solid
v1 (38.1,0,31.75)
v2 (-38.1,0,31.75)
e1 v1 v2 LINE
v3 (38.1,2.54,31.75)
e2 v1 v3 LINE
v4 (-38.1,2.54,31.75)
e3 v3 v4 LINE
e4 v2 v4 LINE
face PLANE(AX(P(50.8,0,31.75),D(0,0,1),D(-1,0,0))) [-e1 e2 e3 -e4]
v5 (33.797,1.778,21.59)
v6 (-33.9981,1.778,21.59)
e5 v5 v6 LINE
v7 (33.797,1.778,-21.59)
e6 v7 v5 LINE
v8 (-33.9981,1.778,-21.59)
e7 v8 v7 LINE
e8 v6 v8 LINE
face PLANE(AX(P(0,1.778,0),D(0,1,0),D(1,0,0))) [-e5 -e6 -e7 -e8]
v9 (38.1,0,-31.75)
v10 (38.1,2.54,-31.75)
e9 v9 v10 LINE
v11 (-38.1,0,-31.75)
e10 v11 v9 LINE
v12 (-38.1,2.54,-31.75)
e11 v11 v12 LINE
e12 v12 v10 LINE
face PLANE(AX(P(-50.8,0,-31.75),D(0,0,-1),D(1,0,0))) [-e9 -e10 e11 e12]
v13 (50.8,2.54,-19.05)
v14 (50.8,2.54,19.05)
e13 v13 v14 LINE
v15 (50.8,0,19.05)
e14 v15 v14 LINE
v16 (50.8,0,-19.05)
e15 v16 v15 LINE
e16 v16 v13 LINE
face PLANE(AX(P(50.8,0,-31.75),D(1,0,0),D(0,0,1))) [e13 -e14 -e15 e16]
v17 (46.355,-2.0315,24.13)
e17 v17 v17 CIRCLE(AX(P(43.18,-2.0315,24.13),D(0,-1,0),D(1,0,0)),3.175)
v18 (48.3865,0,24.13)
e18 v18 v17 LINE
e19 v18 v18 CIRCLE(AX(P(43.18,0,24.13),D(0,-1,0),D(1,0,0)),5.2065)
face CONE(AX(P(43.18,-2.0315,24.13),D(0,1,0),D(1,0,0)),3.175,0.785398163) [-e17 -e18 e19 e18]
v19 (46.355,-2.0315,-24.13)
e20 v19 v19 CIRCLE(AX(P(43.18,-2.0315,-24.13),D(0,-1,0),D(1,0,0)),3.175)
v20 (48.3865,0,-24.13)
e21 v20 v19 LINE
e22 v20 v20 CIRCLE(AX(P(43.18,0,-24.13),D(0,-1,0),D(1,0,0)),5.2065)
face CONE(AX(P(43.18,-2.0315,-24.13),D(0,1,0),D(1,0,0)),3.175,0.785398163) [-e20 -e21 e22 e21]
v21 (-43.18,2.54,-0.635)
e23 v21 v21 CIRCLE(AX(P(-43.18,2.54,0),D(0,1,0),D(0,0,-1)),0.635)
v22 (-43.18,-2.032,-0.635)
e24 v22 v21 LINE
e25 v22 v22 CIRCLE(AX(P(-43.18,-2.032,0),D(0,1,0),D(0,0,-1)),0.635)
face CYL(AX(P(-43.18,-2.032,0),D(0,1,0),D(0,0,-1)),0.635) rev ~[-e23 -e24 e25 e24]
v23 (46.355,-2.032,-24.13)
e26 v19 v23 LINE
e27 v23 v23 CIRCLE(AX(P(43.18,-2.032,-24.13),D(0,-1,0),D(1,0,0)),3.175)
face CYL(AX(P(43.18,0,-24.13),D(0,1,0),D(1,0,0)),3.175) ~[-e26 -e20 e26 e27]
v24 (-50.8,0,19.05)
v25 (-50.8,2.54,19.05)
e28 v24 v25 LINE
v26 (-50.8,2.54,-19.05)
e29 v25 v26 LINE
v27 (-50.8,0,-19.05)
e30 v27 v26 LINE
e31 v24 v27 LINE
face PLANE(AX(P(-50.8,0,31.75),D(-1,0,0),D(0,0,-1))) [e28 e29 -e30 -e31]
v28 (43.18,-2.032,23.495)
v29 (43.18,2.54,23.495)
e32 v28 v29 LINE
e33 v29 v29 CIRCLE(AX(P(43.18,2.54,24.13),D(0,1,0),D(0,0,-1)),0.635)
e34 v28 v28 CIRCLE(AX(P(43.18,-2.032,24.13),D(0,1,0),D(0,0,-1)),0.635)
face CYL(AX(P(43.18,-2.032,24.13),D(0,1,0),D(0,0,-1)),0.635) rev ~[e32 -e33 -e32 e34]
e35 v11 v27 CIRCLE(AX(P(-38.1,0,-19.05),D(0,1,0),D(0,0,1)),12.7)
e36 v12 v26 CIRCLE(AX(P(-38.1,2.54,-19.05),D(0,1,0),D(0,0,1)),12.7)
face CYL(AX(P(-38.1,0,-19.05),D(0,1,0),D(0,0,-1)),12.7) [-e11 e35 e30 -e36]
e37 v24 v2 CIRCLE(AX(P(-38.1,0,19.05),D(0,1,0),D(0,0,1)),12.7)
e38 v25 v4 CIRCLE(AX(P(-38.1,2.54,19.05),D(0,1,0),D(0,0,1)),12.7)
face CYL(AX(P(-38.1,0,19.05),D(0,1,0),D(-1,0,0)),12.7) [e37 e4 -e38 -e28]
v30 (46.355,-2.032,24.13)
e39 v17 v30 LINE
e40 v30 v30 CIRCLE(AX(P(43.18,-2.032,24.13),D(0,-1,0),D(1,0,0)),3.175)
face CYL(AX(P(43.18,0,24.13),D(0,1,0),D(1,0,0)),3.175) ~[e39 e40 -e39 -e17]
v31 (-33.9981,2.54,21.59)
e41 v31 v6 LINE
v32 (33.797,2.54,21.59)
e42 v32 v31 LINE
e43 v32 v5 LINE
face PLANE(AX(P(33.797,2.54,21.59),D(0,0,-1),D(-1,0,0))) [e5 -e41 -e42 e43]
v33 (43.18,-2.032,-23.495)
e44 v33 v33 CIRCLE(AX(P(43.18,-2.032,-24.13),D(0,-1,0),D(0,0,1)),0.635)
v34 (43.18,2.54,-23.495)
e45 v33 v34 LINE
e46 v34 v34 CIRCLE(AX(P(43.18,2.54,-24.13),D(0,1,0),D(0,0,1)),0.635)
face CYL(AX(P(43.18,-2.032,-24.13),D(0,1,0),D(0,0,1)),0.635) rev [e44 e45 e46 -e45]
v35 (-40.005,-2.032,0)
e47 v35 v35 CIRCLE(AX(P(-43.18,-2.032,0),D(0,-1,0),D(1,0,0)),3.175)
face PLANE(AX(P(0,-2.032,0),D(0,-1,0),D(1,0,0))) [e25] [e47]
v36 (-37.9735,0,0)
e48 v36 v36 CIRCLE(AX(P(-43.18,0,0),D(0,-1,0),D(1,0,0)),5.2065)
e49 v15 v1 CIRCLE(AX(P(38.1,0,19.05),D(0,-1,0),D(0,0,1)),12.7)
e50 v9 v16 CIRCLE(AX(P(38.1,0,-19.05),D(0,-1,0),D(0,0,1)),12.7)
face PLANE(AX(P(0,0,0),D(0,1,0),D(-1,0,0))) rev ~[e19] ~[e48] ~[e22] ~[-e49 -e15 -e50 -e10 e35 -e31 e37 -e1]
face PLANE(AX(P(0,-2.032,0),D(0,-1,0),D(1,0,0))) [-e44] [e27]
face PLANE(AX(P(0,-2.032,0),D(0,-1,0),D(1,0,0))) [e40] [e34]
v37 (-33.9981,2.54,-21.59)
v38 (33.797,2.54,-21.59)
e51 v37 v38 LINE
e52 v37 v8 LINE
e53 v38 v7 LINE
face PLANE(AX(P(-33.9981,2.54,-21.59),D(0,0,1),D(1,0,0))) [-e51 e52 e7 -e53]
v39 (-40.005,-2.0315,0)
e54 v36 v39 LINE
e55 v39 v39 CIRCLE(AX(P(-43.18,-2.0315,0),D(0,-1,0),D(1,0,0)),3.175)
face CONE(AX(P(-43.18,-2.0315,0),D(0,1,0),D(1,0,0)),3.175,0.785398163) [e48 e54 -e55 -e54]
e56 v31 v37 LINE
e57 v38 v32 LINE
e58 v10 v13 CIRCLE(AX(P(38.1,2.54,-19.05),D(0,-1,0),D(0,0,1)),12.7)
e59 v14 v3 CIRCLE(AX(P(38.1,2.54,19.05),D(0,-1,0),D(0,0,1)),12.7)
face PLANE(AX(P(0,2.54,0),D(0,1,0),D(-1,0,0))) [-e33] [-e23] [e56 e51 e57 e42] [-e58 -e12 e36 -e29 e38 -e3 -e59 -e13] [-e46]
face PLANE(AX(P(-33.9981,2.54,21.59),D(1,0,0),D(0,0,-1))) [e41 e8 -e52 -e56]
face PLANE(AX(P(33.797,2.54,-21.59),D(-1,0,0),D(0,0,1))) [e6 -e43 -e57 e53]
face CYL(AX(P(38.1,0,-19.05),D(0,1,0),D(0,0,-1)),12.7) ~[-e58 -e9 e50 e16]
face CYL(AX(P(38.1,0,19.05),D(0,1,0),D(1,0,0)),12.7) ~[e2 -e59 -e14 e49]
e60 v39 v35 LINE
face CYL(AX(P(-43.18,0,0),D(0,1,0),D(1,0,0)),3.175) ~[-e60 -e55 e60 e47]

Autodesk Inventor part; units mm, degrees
ref_plane "YZ Plane" through (0, 0, 0) normal (1, 0, 0) x (0, 1, 0)
ref_plane "XZ Plane" through (0, 0, 0) normal (0, 1, 0) x (-1, 0, 0)
ref_plane "XY Plane" through (0, 0, 0) normal (0, 0, 1) x (1, 0, 0)
sketch "Sketch1" plane through (0, 0, 0) normal (0, 1, 0) x (-1, 0, 0)
  line L0 (50.8, -31.75) -> (-50.8, -31.75)
  line L1 (-50.8, -31.75) -> (-50.8, 31.75)
  line L2 (-50.8, 31.75) -> (50.8, 31.75)
  line L3 (50.8, 31.75) -> (50.8, -31.75)
  line L4 (-57.1863, 0) -> (79.611, 0) construction
  point P0 (0, 0)
  dimension "d0" = 63.5
  dimension "d2" = 101.6
  dimension "d25" = 31.75
  dimension "d36" = 50.8
extrude "Extrusion1" add sketch "Sketch1" along normal blind 2.54
sketch "Sketch2" plane through (0, 0, 0) normal (0, -1, 0) x (1, 0, 0)
  line L0 (-50.8, -31.75) -> (50.8, -31.75) projected
  line L1 (50.8, -31.75) -> (50.8, 31.75) projected
  line L2 (50.8, 31.75) -> (-50.8, 31.75) projected
  line L3 (-50.8, 31.75) -> (-50.8, -31.75) projected
  circle A0 centre (-43.18, 0) radius 3.175
  circle A1 centre (43.18, 24.13) radius 3.175
  circle A2 centre (43.18, -24.13) radius 3.175
  line L4 (43.18, 24.13) -> (43.18, -24.13) construction
  point P0 (0, 0)
  dimension "d5" = 6.35
  dimension "d6" = 7.62
  dimension "d7" = 6.35
  dimension "d8" = 7.62
  dimension "d9" = 7.62
  dimension "d12" = 6.35
  dimension "d13" = 7.62
  dimension "d26" = 31.75
extrude "Extrusion2" add sketch "Sketch2" along normal blind 2.032 contours A0 | A1 | A2
hole "Hole1" at (43.18, -2.032, 24.13) direction (0, 1, 0) diameter 1.27 end through all
mirror "Mirror1" about plane through (0, 0, 0) normal (0, 0, 1) of "Hole1"
sketch "Sketch4" plane through (-43.18, -2.032, 0) normal (0, -1, 0) x (1, 0, 0)
  circle A0 centre (0, 0) radius 3.175 projected
  point P0 (43.18, 0)
hole "Hole2" at (-43.18, -2.032, 0) direction (0, 1, 0) diameter 1.27 end through all
sketch "Sketch5" plane through (0, 2.54, 0) normal (0, 1, 0) x (1, 0, 0)
  line L0 (-33.9981, 21.59) -> (33.797, 21.59)
  line L1 (33.797, 21.59) -> (33.797, -21.59)
  line L2 (33.797, -21.59) -> (-33.9981, -21.59)
  line L3 (-33.9981, -21.59) -> (-33.9981, 21.59)
  point P0 (0, 0)
extrude "Extrusion3" cut sketch "Sketch5" against normal blind 0.762
fillet "Fillet1" radius 12.7 4 edges at (-50.8, 1.27, 31.75) (50.8, 1.27, 31.75) (50.8, 1.27, -31.75) (-50.8, 1.27, -31.75)
chamfer "Chamfer1" distance 2.032 angle 45 3 edges at (40.005, 0, -24.13) (40.005, 0, 24.13) (-46.355, 0, 0)
equation "\"d6\" = d13"
equation "\"d8\" = d13"
properties part number "sensor_board_base"
